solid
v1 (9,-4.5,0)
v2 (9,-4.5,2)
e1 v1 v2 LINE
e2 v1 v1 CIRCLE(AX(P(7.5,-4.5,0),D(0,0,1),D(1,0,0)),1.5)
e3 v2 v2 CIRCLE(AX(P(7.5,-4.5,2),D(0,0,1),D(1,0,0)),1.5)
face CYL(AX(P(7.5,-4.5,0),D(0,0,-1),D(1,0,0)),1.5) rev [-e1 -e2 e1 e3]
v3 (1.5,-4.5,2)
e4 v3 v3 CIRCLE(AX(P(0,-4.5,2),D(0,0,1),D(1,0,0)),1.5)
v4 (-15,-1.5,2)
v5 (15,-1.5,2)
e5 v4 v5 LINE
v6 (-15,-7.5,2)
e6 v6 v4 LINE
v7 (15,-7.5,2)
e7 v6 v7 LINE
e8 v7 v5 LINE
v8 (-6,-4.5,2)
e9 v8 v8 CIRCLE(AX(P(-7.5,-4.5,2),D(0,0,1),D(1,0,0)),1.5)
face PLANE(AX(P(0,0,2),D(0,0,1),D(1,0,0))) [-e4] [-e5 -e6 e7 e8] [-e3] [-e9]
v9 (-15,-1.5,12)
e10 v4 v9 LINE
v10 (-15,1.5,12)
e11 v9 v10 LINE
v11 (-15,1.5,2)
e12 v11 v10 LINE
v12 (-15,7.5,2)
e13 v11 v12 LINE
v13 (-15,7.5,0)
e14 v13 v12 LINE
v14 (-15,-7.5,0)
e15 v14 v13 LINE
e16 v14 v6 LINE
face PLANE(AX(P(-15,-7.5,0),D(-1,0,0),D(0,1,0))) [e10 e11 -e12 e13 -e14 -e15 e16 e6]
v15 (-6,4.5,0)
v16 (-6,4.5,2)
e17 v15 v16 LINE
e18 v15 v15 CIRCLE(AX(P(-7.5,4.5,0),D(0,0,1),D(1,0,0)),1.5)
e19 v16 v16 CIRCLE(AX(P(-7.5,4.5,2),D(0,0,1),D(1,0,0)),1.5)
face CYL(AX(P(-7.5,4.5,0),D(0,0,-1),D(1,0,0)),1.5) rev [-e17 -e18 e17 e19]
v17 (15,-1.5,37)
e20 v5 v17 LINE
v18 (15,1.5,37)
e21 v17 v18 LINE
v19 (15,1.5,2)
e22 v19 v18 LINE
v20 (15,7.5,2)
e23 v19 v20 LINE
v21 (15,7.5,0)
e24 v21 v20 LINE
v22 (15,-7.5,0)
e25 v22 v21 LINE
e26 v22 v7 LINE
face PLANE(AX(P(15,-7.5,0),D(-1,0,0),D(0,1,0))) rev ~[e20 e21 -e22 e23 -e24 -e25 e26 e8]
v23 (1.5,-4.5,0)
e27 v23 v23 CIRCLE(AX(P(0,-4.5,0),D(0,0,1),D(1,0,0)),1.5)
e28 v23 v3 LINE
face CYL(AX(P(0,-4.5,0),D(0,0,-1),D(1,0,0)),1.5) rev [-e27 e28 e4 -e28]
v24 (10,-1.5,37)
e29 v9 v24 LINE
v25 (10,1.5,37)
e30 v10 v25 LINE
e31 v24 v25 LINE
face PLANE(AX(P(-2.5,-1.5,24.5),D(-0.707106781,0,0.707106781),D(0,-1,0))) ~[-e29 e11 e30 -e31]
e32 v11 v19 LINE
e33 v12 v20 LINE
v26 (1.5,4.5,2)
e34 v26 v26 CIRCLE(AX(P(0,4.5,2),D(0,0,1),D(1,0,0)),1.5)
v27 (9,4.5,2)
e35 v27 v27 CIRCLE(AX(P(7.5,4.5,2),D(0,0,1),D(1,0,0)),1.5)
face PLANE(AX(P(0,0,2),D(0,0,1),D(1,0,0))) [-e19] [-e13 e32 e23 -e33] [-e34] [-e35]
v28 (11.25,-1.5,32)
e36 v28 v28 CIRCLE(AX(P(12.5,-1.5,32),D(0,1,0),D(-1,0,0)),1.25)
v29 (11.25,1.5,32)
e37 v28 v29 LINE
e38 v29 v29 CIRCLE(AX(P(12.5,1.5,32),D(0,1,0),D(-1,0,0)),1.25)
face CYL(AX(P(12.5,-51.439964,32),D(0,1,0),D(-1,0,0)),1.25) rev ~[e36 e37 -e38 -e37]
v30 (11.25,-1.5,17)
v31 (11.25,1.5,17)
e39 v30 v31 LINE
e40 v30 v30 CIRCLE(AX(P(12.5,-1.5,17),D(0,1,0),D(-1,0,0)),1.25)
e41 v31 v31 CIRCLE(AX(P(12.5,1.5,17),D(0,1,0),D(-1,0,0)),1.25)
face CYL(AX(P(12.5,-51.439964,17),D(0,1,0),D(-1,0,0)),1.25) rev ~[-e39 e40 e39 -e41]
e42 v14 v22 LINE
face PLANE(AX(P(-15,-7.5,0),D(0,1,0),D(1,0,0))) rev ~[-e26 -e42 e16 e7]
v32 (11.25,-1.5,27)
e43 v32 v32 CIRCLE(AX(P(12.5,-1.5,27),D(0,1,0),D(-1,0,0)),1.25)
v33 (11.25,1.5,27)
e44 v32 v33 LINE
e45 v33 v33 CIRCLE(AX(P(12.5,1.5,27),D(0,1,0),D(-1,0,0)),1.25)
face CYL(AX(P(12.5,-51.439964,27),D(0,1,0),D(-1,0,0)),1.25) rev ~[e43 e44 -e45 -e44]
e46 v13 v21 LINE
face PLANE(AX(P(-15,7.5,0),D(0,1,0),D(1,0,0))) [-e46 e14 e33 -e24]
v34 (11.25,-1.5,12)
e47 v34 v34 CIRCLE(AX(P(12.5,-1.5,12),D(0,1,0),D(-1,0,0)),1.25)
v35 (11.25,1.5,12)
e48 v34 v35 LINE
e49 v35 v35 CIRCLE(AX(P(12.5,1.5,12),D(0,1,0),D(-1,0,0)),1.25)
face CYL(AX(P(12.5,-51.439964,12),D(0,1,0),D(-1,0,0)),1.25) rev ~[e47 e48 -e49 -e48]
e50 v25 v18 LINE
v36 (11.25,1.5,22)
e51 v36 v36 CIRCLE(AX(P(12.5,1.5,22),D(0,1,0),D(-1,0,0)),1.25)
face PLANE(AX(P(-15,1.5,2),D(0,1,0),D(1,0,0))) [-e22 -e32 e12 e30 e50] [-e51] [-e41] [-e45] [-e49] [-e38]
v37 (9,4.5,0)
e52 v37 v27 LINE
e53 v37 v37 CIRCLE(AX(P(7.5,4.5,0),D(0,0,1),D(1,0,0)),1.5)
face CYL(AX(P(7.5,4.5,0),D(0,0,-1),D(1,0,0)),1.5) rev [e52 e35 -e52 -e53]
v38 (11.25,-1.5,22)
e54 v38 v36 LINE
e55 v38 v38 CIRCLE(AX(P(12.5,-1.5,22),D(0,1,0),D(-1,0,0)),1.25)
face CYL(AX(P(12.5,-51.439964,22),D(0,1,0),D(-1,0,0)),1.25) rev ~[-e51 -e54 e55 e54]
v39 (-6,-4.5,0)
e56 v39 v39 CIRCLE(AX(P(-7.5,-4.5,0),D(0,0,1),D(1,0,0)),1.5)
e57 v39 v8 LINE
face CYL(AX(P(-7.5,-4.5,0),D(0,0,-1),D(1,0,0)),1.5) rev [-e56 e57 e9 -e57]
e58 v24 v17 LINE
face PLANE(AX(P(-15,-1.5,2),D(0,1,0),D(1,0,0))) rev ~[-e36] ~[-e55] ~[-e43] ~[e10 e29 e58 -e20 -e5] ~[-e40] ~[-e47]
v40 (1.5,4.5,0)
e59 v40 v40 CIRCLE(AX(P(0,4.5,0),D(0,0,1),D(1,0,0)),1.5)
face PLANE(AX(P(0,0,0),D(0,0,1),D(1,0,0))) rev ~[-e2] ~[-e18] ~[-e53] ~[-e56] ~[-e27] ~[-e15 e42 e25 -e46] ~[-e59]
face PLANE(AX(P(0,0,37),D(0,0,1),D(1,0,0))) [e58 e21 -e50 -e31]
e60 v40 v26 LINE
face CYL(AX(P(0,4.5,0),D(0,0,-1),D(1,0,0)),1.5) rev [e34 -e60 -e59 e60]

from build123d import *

# Parameters (mm, degrees)
F0_W     = 30
F0_H     = 15
F0_R     = 1.5
F1_DEPTH = 2
F2_W     = 30
F2_H     = 3
F3_DEPTH = 35
F4_SIZE  = 25
F6_D     = 2.5


with BuildPart() as f1:
    # F0 (on Top) → F1 (new body)
    with BuildSketch(Plane.XY):
        Rectangle(F0_W, F0_H)
        with Locations((-7.5, -4.5)):
            Circle(F0_R, mode=Mode.SUBTRACT)
        with Locations((0, -4.5)):
            Circle(F0_R, mode=Mode.SUBTRACT)
        with Locations((7.5, -4.5)):
            Circle(F0_R, mode=Mode.SUBTRACT)
        with Locations((-7.5, 4.5)):
            Circle(F0_R, mode=Mode.SUBTRACT)
        with Locations((0, 4.5)):
            Circle(F0_R, mode=Mode.SUBTRACT)
        with Locations((7.5, 4.5)):
            Circle(F0_R, mode=Mode.SUBTRACT)
    extrude(amount=F1_DEPTH)

    # F2 (on face) → F3 (join)
    with BuildSketch(Plane.XY.offset(2)):
        Rectangle(F2_W, F2_H)
    extrude(amount=F3_DEPTH)

    # F4
    f4_edges = [f1.edges().sort_by_distance(p)[0] for p in [
        (-15, 0, 37),
    ]]
    chamfer(f4_edges, length=F4_SIZE)

    # F6 (through all)
    with Locations(Plane.XZ.offset(1.5)):
        with Locations((12.5, 32), (12.5, 27), (12.5, 22), (12.5, 17), (12.5, 12)):
            Hole(F6_D / 2)


solid = f1.part
